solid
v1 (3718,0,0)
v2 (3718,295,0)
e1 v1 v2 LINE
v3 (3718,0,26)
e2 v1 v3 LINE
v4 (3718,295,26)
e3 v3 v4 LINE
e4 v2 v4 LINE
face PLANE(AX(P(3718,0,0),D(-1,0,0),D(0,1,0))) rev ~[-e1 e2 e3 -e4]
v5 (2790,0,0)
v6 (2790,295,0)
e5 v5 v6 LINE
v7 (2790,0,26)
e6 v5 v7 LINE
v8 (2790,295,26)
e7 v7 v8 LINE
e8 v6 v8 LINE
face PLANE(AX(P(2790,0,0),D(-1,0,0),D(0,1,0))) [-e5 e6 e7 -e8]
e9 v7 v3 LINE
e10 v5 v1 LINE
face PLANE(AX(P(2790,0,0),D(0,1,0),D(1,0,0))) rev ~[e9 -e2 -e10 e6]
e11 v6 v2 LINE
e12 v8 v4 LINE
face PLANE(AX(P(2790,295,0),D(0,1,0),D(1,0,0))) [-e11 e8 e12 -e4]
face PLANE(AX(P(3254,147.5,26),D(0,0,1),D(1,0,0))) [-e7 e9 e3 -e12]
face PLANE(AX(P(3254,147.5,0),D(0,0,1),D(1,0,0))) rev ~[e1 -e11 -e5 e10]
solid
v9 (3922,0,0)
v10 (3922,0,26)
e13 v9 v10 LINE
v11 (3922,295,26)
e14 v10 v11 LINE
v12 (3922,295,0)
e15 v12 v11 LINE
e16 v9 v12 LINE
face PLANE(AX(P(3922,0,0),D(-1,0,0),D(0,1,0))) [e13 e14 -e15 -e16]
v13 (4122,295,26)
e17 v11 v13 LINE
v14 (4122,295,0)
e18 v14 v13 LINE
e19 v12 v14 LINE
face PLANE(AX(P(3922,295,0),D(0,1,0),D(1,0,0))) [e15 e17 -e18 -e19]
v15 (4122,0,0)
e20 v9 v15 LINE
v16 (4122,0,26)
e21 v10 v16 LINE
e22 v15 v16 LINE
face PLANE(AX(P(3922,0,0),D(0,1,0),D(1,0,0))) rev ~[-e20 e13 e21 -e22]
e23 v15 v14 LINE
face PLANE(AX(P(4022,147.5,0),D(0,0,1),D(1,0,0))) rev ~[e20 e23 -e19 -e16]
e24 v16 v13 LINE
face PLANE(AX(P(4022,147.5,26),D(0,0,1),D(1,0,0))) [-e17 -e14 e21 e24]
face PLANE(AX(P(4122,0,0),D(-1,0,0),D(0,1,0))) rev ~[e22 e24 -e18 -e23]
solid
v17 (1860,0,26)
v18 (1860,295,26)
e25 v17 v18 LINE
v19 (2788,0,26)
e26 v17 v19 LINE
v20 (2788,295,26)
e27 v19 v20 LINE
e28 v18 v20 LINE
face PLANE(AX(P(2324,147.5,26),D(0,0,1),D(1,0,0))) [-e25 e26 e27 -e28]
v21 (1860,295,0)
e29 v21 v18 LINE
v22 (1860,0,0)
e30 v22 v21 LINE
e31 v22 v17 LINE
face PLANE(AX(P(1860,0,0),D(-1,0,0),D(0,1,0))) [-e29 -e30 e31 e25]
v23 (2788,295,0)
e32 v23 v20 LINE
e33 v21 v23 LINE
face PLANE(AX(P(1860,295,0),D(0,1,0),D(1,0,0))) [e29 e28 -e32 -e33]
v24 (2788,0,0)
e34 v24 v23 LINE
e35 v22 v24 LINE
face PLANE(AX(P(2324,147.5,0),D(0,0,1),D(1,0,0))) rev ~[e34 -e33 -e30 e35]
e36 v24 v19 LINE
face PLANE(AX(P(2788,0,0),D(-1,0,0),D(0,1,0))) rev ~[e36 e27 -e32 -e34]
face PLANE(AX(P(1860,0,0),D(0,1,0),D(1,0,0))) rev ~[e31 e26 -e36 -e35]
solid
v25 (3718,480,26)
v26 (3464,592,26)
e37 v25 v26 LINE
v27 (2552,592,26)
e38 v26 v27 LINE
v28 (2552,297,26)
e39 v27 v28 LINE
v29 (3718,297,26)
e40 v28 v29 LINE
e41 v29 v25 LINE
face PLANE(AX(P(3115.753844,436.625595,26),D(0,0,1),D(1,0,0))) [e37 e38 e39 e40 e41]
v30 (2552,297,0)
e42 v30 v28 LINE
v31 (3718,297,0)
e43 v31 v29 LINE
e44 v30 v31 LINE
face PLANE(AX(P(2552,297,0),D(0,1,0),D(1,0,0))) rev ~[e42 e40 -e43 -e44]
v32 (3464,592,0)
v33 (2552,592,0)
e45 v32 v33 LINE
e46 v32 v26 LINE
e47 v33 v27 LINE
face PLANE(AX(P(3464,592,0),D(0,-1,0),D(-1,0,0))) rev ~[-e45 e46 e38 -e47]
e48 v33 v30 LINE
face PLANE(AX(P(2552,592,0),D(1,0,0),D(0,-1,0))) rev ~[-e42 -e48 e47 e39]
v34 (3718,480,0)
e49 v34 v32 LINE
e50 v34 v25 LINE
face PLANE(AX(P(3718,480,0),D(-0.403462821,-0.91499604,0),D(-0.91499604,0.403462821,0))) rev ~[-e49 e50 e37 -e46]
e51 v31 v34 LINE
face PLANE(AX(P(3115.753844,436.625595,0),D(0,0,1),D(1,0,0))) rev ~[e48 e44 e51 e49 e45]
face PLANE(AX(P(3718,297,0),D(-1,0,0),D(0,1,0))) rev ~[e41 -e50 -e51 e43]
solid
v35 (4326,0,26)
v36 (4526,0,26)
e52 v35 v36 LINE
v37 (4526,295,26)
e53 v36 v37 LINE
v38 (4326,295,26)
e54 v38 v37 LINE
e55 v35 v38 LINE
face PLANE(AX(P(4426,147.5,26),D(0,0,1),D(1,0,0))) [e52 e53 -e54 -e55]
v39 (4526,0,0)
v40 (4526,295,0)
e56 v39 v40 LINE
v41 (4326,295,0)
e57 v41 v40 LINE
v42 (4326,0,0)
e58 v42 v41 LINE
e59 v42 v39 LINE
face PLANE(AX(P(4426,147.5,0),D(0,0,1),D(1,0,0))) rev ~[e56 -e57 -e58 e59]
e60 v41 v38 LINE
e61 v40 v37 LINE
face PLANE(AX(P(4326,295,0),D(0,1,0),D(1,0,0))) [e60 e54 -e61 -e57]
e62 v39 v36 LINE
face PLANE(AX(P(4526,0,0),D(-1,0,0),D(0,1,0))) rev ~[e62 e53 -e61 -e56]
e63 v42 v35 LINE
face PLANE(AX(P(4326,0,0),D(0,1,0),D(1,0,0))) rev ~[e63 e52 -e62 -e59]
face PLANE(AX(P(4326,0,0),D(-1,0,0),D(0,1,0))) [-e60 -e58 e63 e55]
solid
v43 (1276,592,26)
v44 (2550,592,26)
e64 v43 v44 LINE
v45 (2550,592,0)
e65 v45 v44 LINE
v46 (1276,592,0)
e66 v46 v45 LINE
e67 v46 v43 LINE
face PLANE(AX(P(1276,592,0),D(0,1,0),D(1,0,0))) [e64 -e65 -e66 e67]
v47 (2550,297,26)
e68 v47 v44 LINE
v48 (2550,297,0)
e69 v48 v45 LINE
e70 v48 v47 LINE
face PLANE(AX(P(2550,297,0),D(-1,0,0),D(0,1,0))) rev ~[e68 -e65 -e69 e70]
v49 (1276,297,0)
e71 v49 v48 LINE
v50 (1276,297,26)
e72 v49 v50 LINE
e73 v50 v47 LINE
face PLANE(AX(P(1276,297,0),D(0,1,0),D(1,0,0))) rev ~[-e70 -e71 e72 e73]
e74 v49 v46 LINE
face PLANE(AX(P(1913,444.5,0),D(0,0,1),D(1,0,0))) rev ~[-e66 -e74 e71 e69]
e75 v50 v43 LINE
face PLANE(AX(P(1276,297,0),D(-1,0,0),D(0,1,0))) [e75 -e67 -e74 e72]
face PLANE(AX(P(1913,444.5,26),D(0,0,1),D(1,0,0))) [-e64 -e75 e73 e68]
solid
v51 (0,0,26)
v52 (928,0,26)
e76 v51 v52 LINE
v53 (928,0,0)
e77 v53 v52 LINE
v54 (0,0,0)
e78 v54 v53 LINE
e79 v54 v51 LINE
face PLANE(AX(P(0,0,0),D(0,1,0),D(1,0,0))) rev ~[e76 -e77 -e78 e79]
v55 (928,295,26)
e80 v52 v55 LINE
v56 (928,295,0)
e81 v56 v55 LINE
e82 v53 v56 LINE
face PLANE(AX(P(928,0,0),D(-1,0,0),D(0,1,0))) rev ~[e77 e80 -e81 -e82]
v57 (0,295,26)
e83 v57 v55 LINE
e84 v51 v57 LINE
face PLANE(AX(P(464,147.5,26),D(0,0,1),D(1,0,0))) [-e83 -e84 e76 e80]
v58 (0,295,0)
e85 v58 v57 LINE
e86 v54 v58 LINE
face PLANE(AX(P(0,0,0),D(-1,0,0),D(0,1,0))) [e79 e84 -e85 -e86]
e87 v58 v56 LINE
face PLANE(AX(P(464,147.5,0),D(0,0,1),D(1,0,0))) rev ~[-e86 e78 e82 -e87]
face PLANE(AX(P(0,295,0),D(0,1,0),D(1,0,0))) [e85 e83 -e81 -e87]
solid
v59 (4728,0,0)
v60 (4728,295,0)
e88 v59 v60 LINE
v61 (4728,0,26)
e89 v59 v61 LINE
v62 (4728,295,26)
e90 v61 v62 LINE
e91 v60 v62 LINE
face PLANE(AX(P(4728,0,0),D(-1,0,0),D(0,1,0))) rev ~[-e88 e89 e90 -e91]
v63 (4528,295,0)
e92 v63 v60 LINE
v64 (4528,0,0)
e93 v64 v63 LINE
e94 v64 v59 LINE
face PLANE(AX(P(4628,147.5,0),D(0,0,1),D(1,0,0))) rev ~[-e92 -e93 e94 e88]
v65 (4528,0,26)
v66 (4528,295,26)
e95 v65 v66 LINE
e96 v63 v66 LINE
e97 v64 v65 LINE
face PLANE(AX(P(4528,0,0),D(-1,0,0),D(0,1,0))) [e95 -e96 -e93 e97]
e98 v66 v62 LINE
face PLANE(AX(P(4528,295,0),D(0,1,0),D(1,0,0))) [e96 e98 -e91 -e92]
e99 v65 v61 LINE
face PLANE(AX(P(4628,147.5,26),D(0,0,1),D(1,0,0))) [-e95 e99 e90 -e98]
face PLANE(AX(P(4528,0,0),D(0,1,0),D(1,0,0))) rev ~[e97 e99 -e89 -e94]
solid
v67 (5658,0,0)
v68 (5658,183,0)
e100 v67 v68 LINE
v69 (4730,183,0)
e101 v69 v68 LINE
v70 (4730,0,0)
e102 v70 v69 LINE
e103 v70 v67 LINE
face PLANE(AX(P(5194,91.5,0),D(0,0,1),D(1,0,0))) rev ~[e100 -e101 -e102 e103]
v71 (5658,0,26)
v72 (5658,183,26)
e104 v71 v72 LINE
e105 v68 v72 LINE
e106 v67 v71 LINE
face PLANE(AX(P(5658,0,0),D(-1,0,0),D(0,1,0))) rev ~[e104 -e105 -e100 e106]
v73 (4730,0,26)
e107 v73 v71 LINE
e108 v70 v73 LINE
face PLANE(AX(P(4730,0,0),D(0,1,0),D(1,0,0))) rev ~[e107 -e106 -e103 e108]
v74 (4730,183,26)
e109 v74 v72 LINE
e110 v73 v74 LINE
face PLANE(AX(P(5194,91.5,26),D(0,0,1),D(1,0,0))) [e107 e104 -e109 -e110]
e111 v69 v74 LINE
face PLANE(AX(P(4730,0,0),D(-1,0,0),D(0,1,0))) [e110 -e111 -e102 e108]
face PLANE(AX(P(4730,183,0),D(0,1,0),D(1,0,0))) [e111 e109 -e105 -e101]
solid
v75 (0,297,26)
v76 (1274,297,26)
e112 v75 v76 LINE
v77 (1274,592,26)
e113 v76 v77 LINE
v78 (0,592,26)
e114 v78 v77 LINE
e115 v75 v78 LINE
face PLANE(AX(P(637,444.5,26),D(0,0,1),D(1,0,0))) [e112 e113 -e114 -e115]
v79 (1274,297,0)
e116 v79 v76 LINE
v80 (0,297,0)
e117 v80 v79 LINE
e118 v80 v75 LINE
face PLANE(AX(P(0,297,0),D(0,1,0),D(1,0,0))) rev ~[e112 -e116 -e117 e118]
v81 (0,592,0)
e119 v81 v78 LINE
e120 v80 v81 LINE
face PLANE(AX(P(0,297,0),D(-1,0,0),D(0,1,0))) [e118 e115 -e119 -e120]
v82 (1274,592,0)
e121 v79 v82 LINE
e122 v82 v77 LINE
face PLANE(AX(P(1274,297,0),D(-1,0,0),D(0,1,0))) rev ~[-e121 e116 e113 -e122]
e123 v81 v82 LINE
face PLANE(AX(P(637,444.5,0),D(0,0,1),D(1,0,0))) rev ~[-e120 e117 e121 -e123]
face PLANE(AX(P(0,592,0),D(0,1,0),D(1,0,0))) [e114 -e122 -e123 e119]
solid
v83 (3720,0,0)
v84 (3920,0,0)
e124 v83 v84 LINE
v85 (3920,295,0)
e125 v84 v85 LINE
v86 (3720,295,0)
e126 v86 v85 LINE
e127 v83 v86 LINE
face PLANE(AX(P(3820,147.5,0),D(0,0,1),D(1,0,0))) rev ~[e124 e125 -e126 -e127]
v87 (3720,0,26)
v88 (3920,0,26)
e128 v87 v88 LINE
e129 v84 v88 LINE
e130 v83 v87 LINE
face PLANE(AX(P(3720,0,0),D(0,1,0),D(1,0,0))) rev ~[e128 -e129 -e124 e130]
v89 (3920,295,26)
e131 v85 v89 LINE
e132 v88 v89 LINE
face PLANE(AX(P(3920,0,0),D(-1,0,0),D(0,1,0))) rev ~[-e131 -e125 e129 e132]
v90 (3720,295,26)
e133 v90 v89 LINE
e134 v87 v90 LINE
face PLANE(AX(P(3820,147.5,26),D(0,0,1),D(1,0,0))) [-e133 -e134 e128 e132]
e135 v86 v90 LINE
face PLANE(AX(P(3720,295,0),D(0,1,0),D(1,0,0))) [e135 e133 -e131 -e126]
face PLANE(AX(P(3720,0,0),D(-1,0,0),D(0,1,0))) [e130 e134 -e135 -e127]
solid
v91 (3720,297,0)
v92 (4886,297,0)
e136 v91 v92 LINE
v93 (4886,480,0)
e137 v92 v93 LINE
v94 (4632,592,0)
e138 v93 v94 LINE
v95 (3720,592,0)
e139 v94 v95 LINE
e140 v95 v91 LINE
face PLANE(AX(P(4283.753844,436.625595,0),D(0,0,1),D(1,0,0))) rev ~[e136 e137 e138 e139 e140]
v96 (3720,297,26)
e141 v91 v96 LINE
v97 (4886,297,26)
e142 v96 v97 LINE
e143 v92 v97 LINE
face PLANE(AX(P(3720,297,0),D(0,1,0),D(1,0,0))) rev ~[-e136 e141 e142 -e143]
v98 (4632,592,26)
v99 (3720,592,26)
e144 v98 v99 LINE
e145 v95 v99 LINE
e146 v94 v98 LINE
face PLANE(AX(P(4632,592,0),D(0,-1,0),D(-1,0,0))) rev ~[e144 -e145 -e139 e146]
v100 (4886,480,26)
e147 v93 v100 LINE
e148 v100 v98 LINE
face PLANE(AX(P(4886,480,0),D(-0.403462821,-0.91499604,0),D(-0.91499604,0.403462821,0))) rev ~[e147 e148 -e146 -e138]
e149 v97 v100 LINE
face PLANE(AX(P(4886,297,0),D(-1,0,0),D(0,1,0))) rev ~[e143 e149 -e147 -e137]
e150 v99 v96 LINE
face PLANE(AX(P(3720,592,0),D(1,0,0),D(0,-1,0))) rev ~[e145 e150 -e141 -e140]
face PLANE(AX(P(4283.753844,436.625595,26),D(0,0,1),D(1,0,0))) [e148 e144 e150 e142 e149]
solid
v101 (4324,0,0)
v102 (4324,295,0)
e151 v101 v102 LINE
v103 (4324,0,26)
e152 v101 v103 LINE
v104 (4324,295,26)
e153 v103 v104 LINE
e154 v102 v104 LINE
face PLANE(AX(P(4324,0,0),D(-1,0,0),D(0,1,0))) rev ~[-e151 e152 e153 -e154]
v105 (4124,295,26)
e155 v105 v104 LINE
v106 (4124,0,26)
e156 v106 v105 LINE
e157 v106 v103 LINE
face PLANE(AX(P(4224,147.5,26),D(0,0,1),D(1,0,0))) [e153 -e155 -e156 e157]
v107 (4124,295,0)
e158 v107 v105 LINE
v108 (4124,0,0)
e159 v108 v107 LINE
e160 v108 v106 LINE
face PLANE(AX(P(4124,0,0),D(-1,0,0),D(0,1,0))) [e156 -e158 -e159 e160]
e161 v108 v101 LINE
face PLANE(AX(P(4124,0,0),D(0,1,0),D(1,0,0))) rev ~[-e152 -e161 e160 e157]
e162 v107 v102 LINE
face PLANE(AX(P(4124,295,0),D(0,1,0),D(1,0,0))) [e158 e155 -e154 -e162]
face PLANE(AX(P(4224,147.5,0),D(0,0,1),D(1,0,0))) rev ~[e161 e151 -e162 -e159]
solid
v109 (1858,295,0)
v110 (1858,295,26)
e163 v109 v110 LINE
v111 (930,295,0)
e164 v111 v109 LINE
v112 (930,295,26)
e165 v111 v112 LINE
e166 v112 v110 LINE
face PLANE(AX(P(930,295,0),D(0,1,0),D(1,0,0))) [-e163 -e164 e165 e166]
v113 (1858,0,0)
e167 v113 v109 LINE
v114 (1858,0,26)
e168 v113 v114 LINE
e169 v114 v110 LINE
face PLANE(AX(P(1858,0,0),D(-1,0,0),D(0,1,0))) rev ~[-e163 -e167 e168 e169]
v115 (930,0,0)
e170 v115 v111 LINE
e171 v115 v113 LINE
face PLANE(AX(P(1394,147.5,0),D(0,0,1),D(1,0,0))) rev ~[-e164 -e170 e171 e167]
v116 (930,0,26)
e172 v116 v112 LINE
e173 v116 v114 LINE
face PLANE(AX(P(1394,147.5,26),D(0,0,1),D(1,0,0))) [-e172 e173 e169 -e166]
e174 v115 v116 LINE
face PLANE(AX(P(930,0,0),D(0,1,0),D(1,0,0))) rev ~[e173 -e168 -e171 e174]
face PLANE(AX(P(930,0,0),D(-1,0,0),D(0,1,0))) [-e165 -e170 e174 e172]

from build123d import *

# Parameters (mm, degrees)
F0_W     = 928
F0_H     = 295
F0_W_2   = 1274
F0_W_3   = 200
F0_H_2   = 183
F1_DEPTH = 26


with BuildPart() as f1:
    # F0 (on Top) → F1 (new body)
    with BuildSketch(Plane.XY):
        with Locations((464, 147.5)):
            Rectangle(F0_W, F0_H)
        with Locations((1394, 147.5)):
            Rectangle(F0_W, F0_H)
        with Locations((2324, 147.5)):
            Rectangle(F0_W, F0_H)
        with Locations((3254, 147.5)):
            Rectangle(F0_W, F0_H)
        with Locations((637, 444.5)):
            Rectangle(F0_W_2, F0_H)
        with Locations((1913, 444.5)):
            Rectangle(F0_W_2, F0_H)
        Polygon((2552, 592), (2552, 297), (3718, 297), (3718, 480), (3464, 592), align=None)
        with Locations((3820, 147.5)):
            Rectangle(F0_W_3, F0_H)
        with Locations((4022, 147.5)):
            Rectangle(F0_W_3, F0_H)
        with Locations((4224, 147.5)):
            Rectangle(F0_W_3, F0_H)
        with Locations((4426, 147.5)):
            Rectangle(F0_W_3, F0_H)
        with Locations((4628, 147.5)):
            Rectangle(F0_W_3, F0_H)
        with Locations((5194, 91.5)):
            Rectangle(F0_W, F0_H_2)
        Polygon((4886, 297), (4886, 480), (4632, 592), (3720, 592), (3720, 297), align=None)
    extrude(amount=F1_DEPTH)


solid = f1.part
